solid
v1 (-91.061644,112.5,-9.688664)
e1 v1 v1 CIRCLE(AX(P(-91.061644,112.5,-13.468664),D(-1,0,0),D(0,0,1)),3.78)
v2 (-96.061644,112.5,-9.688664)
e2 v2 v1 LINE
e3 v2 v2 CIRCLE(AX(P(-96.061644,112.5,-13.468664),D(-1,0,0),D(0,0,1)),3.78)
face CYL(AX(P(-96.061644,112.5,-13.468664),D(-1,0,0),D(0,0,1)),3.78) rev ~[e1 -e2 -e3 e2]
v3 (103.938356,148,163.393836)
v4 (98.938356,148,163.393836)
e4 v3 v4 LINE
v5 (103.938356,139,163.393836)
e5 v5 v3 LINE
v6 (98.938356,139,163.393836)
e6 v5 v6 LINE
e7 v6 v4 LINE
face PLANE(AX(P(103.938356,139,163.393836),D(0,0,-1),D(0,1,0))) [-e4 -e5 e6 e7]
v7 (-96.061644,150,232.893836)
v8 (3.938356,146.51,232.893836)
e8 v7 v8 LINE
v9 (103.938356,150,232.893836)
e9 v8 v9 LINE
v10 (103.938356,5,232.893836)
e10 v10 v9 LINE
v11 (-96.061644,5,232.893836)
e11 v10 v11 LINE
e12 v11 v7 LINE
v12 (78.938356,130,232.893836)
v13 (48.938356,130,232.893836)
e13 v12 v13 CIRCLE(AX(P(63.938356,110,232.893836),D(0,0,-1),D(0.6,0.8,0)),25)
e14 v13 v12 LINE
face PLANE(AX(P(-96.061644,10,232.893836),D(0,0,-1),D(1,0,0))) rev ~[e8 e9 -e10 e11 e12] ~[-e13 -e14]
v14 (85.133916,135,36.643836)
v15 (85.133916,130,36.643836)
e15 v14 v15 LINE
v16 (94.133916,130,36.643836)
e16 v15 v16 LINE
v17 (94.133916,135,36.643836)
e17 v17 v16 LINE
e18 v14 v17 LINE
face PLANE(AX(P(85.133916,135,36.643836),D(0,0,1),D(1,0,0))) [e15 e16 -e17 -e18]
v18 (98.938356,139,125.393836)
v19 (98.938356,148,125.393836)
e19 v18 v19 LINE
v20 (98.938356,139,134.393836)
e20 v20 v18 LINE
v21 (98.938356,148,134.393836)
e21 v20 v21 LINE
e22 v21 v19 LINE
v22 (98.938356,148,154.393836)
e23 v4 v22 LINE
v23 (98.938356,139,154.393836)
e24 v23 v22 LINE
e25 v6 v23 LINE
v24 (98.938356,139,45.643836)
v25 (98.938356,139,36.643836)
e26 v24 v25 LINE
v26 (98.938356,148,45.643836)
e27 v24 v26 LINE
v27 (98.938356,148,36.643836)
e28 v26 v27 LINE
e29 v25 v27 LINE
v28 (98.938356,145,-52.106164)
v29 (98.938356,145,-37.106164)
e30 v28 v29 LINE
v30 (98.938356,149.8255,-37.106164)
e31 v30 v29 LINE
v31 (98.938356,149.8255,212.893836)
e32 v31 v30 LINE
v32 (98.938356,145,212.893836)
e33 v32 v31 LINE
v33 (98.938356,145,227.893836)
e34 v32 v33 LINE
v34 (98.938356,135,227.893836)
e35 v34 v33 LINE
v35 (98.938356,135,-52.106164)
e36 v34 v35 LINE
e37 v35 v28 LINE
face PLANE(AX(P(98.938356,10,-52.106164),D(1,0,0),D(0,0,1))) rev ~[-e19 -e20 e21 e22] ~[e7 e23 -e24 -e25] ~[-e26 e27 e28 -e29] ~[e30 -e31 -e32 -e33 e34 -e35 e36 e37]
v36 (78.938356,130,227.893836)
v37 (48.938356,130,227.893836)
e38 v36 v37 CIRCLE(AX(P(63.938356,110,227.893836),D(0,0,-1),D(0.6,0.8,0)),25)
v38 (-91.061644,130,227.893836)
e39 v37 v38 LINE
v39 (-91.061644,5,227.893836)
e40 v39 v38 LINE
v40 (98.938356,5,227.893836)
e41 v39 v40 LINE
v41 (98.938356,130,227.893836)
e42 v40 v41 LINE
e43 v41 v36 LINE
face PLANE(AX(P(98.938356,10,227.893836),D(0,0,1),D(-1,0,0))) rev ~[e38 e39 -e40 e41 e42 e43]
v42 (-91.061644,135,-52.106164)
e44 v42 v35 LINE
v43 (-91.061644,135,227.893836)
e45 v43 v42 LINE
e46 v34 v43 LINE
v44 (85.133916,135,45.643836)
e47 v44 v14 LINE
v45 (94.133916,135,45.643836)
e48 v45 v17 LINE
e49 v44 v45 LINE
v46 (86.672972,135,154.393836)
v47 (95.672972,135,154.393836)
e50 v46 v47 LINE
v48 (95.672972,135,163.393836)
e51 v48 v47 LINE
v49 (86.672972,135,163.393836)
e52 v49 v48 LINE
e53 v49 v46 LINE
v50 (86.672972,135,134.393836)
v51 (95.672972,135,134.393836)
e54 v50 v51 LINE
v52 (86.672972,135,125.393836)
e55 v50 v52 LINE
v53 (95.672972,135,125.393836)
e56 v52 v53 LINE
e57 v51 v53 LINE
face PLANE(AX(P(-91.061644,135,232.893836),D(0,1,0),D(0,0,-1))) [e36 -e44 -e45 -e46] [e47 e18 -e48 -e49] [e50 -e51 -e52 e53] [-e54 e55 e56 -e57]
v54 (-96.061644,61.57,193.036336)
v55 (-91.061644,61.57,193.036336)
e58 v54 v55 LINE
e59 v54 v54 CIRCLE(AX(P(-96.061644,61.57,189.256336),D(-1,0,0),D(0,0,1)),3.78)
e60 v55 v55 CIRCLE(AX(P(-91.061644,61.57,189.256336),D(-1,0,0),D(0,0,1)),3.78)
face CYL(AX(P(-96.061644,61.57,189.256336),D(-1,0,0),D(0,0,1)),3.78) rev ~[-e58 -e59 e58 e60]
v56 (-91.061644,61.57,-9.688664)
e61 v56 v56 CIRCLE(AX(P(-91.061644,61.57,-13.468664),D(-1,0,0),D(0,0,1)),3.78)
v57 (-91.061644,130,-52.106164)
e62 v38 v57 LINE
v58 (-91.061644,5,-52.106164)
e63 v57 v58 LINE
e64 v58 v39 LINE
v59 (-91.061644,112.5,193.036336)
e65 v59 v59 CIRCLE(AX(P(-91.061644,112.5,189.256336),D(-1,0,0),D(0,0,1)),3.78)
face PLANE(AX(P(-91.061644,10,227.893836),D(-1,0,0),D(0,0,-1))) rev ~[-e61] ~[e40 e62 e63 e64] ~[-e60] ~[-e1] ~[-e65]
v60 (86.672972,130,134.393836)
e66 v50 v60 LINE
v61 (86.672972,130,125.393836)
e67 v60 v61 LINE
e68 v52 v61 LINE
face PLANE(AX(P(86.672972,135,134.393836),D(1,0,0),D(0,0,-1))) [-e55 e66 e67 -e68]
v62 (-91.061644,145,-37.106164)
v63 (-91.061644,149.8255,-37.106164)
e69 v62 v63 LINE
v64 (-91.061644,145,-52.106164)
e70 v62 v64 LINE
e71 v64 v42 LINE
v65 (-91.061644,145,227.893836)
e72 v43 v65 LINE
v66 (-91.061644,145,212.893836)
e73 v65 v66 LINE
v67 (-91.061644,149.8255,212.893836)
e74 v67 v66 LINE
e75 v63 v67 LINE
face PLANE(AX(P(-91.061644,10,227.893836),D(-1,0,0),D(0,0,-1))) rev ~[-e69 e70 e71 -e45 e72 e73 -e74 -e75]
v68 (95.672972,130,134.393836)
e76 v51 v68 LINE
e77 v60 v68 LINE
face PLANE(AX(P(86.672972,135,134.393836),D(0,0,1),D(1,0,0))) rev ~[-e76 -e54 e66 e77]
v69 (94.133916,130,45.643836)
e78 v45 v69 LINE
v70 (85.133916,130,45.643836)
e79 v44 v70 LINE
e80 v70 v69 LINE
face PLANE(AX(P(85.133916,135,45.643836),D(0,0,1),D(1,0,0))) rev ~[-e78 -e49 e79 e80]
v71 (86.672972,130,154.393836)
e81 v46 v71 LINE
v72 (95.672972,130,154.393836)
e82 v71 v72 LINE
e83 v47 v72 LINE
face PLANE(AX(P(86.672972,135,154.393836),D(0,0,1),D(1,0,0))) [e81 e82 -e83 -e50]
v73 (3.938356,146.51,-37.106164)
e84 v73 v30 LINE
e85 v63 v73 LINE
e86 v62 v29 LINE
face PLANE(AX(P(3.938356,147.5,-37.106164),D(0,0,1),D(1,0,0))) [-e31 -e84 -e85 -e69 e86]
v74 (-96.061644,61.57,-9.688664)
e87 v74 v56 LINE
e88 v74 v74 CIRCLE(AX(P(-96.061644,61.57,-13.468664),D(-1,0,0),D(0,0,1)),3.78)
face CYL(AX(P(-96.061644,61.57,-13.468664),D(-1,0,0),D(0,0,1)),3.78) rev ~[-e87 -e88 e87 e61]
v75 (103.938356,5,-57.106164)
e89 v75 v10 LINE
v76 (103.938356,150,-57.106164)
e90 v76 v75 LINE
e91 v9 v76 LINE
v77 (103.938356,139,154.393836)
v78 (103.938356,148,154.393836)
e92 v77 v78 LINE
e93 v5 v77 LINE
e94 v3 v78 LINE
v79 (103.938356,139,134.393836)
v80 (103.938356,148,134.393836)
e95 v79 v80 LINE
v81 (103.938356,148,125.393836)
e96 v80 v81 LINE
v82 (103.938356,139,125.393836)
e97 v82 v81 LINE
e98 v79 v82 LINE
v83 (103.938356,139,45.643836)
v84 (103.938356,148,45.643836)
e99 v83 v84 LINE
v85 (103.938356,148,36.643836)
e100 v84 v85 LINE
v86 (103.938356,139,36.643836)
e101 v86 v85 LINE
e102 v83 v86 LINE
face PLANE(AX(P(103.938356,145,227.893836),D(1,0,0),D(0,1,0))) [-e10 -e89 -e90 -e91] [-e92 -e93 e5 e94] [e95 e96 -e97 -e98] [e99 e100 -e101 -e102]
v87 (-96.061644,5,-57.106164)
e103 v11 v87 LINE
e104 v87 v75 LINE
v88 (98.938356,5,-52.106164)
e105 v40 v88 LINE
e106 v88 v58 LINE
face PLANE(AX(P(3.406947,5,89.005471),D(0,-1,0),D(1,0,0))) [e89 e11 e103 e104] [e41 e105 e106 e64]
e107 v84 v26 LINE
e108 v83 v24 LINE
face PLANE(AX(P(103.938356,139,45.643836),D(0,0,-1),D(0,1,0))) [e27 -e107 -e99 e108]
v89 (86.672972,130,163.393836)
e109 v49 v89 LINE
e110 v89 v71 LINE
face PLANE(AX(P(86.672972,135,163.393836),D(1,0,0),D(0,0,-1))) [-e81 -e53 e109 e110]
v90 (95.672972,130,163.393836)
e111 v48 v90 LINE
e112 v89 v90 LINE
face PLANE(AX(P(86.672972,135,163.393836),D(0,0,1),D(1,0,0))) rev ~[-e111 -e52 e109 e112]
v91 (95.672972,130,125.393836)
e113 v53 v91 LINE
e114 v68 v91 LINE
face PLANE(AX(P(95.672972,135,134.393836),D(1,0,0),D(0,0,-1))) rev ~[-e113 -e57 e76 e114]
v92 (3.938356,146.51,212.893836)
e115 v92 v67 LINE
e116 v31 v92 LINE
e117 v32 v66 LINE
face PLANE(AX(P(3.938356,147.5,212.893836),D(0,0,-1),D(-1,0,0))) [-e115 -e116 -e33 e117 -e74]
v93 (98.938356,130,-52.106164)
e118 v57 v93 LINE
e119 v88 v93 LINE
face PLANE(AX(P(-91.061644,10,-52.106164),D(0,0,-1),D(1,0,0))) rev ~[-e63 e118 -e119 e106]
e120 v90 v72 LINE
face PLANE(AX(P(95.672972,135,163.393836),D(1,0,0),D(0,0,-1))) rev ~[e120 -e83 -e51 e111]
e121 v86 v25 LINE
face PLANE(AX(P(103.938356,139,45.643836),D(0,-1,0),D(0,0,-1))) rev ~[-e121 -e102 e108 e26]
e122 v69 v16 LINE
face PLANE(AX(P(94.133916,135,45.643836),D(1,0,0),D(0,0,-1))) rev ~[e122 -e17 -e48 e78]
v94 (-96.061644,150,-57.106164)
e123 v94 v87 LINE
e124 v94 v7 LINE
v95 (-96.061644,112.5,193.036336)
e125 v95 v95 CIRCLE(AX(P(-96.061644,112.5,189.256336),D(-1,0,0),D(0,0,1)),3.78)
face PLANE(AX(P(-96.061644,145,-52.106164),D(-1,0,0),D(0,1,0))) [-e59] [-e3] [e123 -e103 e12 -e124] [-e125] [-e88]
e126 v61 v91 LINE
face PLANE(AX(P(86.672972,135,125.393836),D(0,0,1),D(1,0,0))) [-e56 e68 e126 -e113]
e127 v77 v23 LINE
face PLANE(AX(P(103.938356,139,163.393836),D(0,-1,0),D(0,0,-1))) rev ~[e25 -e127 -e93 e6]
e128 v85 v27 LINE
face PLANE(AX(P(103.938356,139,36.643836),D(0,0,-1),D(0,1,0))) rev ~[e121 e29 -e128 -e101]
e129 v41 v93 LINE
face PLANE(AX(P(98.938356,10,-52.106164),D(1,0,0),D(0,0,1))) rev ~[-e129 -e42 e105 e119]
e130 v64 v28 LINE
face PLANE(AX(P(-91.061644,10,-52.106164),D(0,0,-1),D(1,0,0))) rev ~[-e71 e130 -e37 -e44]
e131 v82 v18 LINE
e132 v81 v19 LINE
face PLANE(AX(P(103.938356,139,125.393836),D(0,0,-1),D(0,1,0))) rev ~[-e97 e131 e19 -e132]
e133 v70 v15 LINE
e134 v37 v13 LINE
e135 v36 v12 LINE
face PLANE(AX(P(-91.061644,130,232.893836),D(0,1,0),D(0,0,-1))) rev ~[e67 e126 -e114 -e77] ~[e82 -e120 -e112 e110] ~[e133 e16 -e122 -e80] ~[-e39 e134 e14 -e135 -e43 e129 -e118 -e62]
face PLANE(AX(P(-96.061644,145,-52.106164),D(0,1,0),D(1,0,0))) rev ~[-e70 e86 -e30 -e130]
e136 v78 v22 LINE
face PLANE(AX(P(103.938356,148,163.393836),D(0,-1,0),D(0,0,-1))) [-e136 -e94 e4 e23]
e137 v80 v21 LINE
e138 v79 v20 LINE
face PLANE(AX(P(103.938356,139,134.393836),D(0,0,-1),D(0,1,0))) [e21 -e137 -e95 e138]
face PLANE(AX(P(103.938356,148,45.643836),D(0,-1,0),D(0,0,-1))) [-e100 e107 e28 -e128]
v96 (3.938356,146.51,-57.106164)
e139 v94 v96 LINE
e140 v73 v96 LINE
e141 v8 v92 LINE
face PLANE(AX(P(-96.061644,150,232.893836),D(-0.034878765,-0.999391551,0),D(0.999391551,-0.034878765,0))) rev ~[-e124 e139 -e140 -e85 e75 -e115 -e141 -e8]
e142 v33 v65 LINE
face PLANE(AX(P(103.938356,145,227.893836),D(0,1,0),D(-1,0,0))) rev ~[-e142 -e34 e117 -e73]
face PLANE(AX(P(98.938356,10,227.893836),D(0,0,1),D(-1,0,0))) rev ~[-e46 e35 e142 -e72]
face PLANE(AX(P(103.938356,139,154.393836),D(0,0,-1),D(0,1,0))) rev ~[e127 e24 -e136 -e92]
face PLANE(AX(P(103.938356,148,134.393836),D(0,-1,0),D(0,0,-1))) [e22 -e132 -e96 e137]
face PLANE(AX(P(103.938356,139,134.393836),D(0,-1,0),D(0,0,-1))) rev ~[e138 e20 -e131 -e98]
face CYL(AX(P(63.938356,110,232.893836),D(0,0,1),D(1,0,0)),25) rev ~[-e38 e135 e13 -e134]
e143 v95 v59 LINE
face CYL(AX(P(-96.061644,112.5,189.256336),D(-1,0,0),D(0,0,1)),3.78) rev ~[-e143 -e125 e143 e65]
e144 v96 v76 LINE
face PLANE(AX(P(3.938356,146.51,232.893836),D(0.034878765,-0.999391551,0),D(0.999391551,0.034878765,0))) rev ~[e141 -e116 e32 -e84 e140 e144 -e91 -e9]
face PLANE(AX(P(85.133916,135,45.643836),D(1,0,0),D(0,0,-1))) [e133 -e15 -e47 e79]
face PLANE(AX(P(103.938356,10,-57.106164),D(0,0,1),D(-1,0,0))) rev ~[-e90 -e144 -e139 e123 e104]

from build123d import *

# Parameters (mm, degrees)
SKETCH1_W            = 200
SKETCH1_H            = 290
BOSS_EXTRUDE2_DEPTH  = 10
BOSS_EXTRUDE4_DEPTH  = 140
SKETCH5_W            = 9
SKETCH5_H            = 9
CUT_EXTRUDE1_DEPTH   = 10
SKETCH6_R            = 3.78
CUT_EXTRUDE2_DEPTH   = 10
SKETCH7_R            = 25
CUT_EXTRUDE3_DEPTH   = 10
SKETCH8_W            = 190
SKETCH8_H            = 280
CUT_EXTRUDE4_DEPTH   = 10
SKETCH9_W            = 211.457715155
SKETCH9_H            = 301.376650104
CUT_EXTRUDE5_DEPTH   = 5
SKETCH10_W           = 200
SKETCH10_H           = 5
BOSS_EXTRUDE7_DEPTH  = 15
SKETCH12_W           = 200
SKETCH12_H           = 5
BOSS_EXTRUDE8_DEPTH  = 15
SKETCH13_W           = 290
SKETCH13_H           = 5
BOSS_EXTRUDE14_DEPTH = 190
CUT_EXTRUDE6_DEPTH   = 300
SKETCH18_W           = 9
SKETCH18_H           = 9
CUT_EXTRUDE7_DEPTH   = 10


with BuildPart() as part:
    # Sketch1 → Boss-Extrude2 (new body)
    with BuildSketch(Plane(origin=(0, 0, 0), x_dir=(1, 0, 0), z_dir=(0, 1, 0))):
        with Locations((3.938356164, -87.893835616)):
            Rectangle(SKETCH1_W, SKETCH1_H)
    extrude(amount=BOSS_EXTRUDE2_DEPTH)

    # Sketch2 → Boss-Extrude4 (add)
    with BuildSketch(Plane(origin=(0, 10, 0), x_dir=(1, 0, 0), z_dir=(0, 1, 0))):
        Polygon((-96.061643836, 57.106164384), (-96.061643836, -87.893835616), (-91.061643836, -87.893835616), (-91.061643836, 52.106164384), (3.938356164, 52.106164384), (3.938356164, 57.106164384), align=None)
        Polygon((103.938356164, 57.106164384), (3.938356164, 57.106164384), (3.938356164, 52.106164384), (98.938356164, 52.106164384), (98.938356164, -87.893835616), (103.938356164, -87.893835616), align=None)
        Polygon((3.938356164, -227.893835616), (3.938356164, -232.893835616), (103.938356164, -232.893835616), (103.938356164, -87.893835616), (98.938356164, -87.893835616), (98.938356164, -227.893835616), align=None)
        Polygon((-91.061643836, -87.893835616), (-96.061643836, -87.893835616), (-96.061643836, -232.893835616), (3.938356164, -232.893835616), (3.938356164, -227.893835616), (-91.061643836, -227.893835616), align=None)
    extrude(amount=BOSS_EXTRUDE4_DEPTH)

    # Sketch5 → Cut-Extrude1 (cut)
    with BuildSketch(Plane(origin=(103.938356164, 0, 0), x_dir=(0, 0, -1), z_dir=(1, 0, 0))):
        with Locations((-158.893835616, 143.5)):
            Rectangle(SKETCH5_W, SKETCH5_H)
        with Locations((-129.893835616, 143.5)):
            Rectangle(SKETCH5_W, SKETCH5_H)
        with Locations((-41.143835616, 143.5)):
            Rectangle(SKETCH5_W, SKETCH5_H)
    extrude(amount=-CUT_EXTRUDE1_DEPTH, mode=Mode.SUBTRACT)

    # Sketch6 → Cut-Extrude2 (cut)
    with BuildSketch(Plane.ZY.offset(96.061643836)):
        with Locations((189.256335616, 112.5)):
            Circle(SKETCH6_R)
        with Locations((-13.468664384, 112.5)):
            Circle(SKETCH6_R)
        with Locations((189.256335616, 61.57)):
            Circle(SKETCH6_R)
        with Locations((-13.468664384, 61.57)):
            Circle(SKETCH6_R)
    extrude(amount=-CUT_EXTRUDE2_DEPTH, mode=Mode.SUBTRACT)

    # Sketch7 → Cut-Extrude3 (cut)
    with BuildSketch(Plane.XY.offset(232.893835616)):
        with Locations((63.938356164, 110)):
            Circle(SKETCH7_R)
    extrude(amount=-CUT_EXTRUDE3_DEPTH, mode=Mode.SUBTRACT)

    # Sketch8 → Cut-Extrude4 (cut)
    with BuildSketch(Plane(origin=(0, 10, 0), x_dir=(1, 0, 0), z_dir=(0, 1, 0))):
        with Locations((3.938356164, -87.893835616)):
            Rectangle(SKETCH8_W, SKETCH8_H)
    extrude(amount=-CUT_EXTRUDE4_DEPTH, mode=Mode.SUBTRACT)

    # Sketch9 → Cut-Extrude5 (cut)
    with BuildSketch(Plane.XZ):
        with Locations((3.40694666, 89.005470801)):
            Rectangle(SKETCH9_W, SKETCH9_H)
    extrude(amount=-CUT_EXTRUDE5_DEPTH, mode=Mode.SUBTRACT)

    # Sketch10 → Boss-Extrude7 (add)
    with BuildSketch(Plane(origin=(0, 0, 227.893835616), x_dir=(-1, 0, 0), z_dir=(0, 0, -1))):
        with Locations((-3.938356164, 147.5)):
            Rectangle(SKETCH10_W, SKETCH10_H)
    extrude(amount=BOSS_EXTRUDE7_DEPTH)

    # Sketch12 → Boss-Extrude8 (add)
    with BuildSketch(Plane.XY.offset(-52.106164384)):
        with Locations((3.938356164, 147.5)):
            Rectangle(SKETCH12_W, SKETCH12_H)
    extrude(amount=BOSS_EXTRUDE8_DEPTH)

    # Sketch13 → Boss-Extrude14 (add)
    with BuildSketch(Plane(origin=(-91.061643836, 0, 0), x_dir=(0, 0, -1), z_dir=(1, 0, 0))):
        with Locations((-87.893835616, 132.5)):
            Rectangle(SKETCH13_W, SKETCH13_H)
    extrude(amount=BOSS_EXTRUDE14_DEPTH)

    # Sketch17 → Cut-Extrude6 (cut)
    with BuildSketch(Plane.XY.offset(232.893835616)):
        Polygon((3.938356164, 150), (-96.061643836, 150), (3.938356164, 146.51), align=None)
        Polygon((103.938356164, 150), (3.938356164, 150), (3.938356164, 146.51), align=None)
    extrude(amount=-CUT_EXTRUDE6_DEPTH, mode=Mode.SUBTRACT)

    # Sketch18 → Cut-Extrude7 (cut)
    with BuildSketch(Plane(origin=(0, 135, 0), x_dir=(1, 0, 0), z_dir=(0, 1, 0))):
        with Locations((89.633915759, -41.143835616)):
            Rectangle(SKETCH18_W, SKETCH18_H)
        with Locations((91.172972479, -129.893835616)):
            Rectangle(SKETCH18_W, SKETCH18_H)
        with Locations((91.172972479, -158.893835616)):
            Rectangle(SKETCH18_W, SKETCH18_H)
    extrude(amount=-CUT_EXTRUDE7_DEPTH, mode=Mode.SUBTRACT)


solid = part.part
